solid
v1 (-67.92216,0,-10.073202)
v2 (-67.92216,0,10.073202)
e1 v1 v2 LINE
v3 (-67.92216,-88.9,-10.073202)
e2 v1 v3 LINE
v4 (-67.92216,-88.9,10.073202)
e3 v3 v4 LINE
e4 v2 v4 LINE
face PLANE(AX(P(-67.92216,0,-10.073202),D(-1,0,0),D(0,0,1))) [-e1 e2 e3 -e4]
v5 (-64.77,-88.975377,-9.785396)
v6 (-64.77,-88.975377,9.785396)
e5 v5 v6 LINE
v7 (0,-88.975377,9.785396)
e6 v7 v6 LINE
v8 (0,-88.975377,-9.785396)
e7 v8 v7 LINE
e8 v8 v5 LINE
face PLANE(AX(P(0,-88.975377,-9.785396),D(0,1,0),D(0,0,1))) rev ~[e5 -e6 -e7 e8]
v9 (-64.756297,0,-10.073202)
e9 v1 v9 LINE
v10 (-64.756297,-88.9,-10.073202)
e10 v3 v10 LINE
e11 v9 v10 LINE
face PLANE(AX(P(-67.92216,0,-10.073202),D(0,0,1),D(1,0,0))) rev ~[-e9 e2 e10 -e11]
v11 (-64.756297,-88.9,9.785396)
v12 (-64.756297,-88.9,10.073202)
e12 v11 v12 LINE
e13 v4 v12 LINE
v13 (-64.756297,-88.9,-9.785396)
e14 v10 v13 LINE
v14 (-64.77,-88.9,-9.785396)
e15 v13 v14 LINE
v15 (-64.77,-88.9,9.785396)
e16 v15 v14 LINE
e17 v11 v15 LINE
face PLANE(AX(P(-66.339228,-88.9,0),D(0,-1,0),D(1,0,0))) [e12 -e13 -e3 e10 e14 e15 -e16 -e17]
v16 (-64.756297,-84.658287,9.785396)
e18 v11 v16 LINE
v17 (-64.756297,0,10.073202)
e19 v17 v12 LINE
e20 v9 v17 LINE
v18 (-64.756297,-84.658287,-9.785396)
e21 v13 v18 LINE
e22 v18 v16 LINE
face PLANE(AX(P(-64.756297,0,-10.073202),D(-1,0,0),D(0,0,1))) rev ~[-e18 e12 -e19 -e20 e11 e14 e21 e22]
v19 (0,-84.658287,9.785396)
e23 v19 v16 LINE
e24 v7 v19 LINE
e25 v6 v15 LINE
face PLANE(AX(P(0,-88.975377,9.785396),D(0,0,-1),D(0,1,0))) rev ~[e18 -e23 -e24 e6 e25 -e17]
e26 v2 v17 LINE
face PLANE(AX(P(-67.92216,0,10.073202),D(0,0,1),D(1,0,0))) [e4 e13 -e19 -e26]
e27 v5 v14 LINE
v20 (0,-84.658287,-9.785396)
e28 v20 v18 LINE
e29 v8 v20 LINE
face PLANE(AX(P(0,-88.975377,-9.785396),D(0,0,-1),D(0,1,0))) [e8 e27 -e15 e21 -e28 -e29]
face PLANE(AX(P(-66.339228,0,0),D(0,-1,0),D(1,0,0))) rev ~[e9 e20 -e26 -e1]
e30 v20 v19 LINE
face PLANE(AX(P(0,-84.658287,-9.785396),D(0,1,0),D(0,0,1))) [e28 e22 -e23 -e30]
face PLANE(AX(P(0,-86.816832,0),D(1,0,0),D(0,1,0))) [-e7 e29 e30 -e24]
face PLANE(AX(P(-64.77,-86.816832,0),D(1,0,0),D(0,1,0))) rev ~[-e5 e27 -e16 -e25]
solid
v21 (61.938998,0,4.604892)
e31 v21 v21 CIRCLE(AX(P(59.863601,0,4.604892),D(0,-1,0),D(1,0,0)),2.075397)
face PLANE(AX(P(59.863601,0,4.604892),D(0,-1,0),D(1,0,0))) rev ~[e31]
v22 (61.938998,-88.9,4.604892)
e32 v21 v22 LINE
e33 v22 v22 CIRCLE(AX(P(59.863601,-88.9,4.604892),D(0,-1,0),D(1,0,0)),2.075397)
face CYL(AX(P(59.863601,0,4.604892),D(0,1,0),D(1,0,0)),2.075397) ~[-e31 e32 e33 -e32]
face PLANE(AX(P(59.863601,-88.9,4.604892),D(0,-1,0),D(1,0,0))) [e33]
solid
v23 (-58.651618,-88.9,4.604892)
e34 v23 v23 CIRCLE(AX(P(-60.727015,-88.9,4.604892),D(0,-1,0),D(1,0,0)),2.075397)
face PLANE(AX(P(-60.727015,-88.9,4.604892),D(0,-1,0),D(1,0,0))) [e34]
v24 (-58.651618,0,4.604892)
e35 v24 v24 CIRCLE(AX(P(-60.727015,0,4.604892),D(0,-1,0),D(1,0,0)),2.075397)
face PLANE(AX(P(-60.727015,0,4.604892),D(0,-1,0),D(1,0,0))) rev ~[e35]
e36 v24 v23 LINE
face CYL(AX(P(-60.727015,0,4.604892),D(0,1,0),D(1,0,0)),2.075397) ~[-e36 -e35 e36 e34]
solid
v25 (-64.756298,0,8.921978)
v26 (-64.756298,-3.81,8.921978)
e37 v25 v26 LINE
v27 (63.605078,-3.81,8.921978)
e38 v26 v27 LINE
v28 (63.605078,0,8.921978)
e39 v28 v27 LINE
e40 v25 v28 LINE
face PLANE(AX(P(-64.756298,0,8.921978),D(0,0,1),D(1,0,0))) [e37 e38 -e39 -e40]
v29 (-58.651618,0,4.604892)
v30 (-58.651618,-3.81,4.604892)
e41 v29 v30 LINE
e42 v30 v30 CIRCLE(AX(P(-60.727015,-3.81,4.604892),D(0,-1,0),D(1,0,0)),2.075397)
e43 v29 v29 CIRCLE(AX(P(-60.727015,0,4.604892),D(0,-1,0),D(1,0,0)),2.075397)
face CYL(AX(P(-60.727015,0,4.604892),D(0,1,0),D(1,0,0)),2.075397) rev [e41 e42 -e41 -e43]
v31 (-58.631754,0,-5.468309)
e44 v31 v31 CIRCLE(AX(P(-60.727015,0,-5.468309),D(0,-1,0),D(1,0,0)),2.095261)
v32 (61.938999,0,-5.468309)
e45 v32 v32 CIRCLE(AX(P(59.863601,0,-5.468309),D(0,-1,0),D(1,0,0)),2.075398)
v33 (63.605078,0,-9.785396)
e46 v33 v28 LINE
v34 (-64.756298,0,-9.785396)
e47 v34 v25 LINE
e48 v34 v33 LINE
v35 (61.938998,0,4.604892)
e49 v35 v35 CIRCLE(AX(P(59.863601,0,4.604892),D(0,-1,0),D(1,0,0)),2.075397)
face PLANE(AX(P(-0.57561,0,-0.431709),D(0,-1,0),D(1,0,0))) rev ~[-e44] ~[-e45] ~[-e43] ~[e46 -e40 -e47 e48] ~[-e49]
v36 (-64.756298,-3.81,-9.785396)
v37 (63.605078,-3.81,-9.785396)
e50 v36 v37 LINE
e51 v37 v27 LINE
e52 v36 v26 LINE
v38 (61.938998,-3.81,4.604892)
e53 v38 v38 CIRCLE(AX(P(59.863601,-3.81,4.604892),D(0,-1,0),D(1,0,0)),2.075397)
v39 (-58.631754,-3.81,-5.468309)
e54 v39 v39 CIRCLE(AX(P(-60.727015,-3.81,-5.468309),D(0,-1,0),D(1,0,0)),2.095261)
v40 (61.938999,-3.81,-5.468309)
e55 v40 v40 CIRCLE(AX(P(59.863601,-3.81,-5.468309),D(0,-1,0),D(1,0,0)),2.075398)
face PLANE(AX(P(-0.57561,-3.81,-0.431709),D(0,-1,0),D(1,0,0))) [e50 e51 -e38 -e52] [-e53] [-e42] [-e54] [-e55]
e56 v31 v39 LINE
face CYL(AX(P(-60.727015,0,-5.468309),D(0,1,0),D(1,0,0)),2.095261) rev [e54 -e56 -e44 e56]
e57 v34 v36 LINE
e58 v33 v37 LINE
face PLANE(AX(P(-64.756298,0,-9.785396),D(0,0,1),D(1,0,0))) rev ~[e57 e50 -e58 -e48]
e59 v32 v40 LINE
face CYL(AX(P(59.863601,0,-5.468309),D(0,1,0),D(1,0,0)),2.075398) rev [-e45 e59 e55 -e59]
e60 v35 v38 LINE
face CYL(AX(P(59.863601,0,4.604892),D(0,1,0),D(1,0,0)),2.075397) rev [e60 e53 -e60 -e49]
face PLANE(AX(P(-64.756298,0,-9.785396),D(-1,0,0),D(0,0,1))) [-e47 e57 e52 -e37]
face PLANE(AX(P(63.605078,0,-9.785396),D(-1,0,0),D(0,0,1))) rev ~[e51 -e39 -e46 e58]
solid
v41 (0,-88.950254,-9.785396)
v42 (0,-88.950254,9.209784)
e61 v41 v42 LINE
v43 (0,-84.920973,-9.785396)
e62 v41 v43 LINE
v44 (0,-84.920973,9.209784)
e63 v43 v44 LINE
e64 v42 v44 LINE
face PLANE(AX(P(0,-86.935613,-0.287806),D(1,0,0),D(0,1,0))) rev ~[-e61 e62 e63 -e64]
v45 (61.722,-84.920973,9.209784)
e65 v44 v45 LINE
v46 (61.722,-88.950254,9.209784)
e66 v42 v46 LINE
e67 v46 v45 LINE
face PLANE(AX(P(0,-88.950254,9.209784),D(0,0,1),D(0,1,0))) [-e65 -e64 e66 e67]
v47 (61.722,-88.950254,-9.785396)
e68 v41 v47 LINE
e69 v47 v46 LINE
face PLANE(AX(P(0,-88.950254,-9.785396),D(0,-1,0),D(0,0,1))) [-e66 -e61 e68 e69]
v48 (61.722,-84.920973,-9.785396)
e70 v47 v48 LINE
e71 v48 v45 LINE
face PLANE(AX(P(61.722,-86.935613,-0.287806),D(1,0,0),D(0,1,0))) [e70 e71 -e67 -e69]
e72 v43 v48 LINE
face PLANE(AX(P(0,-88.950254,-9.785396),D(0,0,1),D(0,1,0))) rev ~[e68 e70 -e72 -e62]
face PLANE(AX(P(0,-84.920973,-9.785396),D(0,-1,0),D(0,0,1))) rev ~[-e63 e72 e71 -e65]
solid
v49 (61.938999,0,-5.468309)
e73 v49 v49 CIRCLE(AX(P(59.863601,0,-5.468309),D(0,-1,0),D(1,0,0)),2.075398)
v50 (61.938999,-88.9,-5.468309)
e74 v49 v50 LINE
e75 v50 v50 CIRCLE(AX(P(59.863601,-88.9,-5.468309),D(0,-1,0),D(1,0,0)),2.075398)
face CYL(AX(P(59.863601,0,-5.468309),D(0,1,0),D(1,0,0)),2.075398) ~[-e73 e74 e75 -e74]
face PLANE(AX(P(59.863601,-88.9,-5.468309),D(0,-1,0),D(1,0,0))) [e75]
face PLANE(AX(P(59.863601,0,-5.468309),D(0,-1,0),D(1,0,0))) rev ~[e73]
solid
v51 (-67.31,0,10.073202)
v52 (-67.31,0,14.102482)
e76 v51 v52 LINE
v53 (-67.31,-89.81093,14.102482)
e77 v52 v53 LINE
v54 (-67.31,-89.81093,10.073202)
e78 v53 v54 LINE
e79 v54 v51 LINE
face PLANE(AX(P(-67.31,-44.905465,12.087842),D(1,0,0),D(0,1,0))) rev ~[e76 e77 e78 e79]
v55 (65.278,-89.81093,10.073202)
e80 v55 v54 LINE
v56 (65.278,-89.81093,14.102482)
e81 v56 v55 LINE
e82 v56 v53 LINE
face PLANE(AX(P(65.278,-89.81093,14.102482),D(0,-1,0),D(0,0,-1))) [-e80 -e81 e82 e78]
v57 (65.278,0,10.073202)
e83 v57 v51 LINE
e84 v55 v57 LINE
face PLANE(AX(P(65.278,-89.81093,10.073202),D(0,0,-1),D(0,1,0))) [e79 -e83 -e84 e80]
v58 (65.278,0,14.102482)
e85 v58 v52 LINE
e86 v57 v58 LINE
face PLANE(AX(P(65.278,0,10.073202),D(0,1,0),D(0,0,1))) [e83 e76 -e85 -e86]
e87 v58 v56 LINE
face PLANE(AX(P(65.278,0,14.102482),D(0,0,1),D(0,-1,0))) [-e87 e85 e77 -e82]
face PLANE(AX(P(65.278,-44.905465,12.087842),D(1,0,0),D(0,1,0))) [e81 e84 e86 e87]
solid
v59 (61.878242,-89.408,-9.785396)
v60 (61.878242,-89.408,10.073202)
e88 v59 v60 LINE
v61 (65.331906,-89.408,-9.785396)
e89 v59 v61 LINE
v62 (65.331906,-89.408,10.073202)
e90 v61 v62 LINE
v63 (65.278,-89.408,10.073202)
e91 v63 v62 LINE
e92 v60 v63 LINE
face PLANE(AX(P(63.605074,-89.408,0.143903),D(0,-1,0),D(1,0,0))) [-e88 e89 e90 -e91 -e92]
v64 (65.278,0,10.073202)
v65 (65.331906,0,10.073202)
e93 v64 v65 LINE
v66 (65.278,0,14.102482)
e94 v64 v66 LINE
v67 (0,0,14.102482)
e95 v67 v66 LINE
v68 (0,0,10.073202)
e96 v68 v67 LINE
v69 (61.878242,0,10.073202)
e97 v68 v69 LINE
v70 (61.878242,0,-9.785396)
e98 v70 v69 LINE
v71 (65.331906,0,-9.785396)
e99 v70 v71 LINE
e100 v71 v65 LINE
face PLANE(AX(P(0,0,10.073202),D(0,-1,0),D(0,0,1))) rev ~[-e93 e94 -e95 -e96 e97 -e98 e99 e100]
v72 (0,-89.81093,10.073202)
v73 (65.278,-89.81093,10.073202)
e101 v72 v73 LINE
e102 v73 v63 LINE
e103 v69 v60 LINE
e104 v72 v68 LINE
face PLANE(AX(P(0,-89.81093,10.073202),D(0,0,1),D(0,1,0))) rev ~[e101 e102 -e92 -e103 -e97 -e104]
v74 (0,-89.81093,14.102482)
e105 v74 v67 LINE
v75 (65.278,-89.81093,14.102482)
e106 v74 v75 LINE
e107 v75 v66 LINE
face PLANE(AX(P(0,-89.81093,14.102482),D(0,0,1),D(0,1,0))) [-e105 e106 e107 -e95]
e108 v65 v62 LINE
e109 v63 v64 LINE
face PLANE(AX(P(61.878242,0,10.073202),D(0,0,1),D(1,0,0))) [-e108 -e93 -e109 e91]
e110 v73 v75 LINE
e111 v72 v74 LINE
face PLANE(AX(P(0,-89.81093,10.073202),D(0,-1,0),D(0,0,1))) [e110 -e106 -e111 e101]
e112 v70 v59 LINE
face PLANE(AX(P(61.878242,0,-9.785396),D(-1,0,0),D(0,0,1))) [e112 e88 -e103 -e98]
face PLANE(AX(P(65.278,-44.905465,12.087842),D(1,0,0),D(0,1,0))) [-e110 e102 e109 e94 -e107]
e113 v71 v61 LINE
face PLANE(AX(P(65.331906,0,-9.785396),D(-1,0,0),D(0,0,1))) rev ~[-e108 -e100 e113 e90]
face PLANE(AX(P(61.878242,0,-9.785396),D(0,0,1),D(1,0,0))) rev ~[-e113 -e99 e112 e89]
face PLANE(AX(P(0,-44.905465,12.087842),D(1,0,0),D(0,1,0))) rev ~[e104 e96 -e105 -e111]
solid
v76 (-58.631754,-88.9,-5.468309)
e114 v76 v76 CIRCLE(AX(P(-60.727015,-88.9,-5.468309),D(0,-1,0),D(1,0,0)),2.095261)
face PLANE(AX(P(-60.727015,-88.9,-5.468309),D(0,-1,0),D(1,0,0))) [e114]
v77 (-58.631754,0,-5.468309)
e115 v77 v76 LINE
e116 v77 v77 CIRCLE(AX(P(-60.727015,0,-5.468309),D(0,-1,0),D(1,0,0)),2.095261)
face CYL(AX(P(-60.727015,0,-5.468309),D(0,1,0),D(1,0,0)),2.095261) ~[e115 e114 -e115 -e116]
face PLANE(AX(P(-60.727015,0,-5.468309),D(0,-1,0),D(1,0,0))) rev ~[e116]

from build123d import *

# Parameters (mm, degrees)
F0_R      = 2.095261
F0_R_2    = 2.075397
F0_R_3    = 2.075398
F1_DEPTH  = 88.9
F2_W      = 4.029281
F2_H      = 18.995181
F3_DEPTH  = 61.722
F4_W      = 4.31709
F4_H      = 19.570792
F5_DEPTH  = 64.77
F6_W      = 3.165863
F6_H      = 20.146404
F7_DEPTH  = 88.9
F6_W_2    = 3.453664
F6_H_2    = 19.858598
F8_DEPTH  = 89.408
F0_W      = 128.361375
F0_H      = 18.707374
F9_DEPTH  = 3.81
F10_W     = 89.81093
F10_H     = 4.02928
F11_DEPTH = 65.278
F12_DEPTH = 132.588


with BuildPart() as f1:
    # F0 (on Front) → F1 (new body)
    with BuildSketch(Plane.XZ):
        with Locations((-60.727015, -5.468309)):
            Circle(F0_R)
        with Locations((-60.727015, 4.604892)):
            Circle(F0_R_2)
        with Locations((59.863601, 4.604892)):
            Circle(F0_R_2)
        with Locations((59.863601, -5.468309)):
            Circle(F0_R_3)
    extrude(amount=F1_DEPTH)


with BuildPart() as f3:
    # F2 (on Right) → F3 (new body)
    with BuildSketch(Plane.YZ):
        with Locations((-86.935613, -0.287806)):
            Rectangle(F2_W, F2_H)
    extrude(amount=F3_DEPTH)


with BuildPart() as f5:
    # F4 (on Right) → F5 (new body)
    with BuildSketch(Plane.YZ):
        with Locations((-86.816832, 0)):
            Rectangle(F4_W, F4_H)
    extrude(amount=-F5_DEPTH)

    # F6 (on Front) → F7 (join)
    with BuildSketch(Plane.XZ):
        with Locations((-66.339228, 0)):
            Rectangle(F6_W, F6_H)
    extrude(amount=F7_DEPTH)


with BuildPart() as f8:
    # F6 (on Front) → F8 (new body)
    with BuildSketch(Plane.XZ):
        with Locations((63.605074, 0.143903)):
            Rectangle(F6_W_2, F6_H_2)
    extrude(amount=F8_DEPTH)

    # F10 (on Right) → F11 (join)
    with BuildSketch(Plane.YZ):
        with Locations((-44.905465, 12.087842)):
            Rectangle(F10_W, F10_H)
    extrude(amount=F11_DEPTH)


with BuildPart() as f9:
    # F0 (on Front) → F9 (new body)
    with BuildSketch(Plane.XZ):
        with Locations((-0.57561, -0.431709)):
            Rectangle(F0_W, F0_H)
        with Locations((-60.727015, -5.468309)):
            Circle(F0_R, mode=Mode.SUBTRACT)
        with Locations((59.863601, -5.468309)):
            Circle(F0_R_3, mode=Mode.SUBTRACT)
        with Locations((-60.727015, 4.604892)):
            Circle(F0_R_2, mode=Mode.SUBTRACT)
        with Locations((59.863601, 4.604892)):
            Circle(F0_R_2, mode=Mode.SUBTRACT)
    extrude(amount=F9_DEPTH)


with BuildPart() as f12:
    # F11_face (on face) → F12 (new body)
    with BuildSketch(Plane(origin=(65.278, -44.905465, 12.087842), x_dir=(0, 1, 0), z_dir=(1, 0, 0))):
        Polygon((44.905465, 2.01464), (-44.905465, 2.01464), (-44.905465, -2.01464), (-44.502535, -2.01464), (44.905465, -2.01464), align=None)
    extrude(amount=-F12_DEPTH)


solid = Compound([f1.part, f3.part, f5.part, f8.part, f9.part, f12.part])
